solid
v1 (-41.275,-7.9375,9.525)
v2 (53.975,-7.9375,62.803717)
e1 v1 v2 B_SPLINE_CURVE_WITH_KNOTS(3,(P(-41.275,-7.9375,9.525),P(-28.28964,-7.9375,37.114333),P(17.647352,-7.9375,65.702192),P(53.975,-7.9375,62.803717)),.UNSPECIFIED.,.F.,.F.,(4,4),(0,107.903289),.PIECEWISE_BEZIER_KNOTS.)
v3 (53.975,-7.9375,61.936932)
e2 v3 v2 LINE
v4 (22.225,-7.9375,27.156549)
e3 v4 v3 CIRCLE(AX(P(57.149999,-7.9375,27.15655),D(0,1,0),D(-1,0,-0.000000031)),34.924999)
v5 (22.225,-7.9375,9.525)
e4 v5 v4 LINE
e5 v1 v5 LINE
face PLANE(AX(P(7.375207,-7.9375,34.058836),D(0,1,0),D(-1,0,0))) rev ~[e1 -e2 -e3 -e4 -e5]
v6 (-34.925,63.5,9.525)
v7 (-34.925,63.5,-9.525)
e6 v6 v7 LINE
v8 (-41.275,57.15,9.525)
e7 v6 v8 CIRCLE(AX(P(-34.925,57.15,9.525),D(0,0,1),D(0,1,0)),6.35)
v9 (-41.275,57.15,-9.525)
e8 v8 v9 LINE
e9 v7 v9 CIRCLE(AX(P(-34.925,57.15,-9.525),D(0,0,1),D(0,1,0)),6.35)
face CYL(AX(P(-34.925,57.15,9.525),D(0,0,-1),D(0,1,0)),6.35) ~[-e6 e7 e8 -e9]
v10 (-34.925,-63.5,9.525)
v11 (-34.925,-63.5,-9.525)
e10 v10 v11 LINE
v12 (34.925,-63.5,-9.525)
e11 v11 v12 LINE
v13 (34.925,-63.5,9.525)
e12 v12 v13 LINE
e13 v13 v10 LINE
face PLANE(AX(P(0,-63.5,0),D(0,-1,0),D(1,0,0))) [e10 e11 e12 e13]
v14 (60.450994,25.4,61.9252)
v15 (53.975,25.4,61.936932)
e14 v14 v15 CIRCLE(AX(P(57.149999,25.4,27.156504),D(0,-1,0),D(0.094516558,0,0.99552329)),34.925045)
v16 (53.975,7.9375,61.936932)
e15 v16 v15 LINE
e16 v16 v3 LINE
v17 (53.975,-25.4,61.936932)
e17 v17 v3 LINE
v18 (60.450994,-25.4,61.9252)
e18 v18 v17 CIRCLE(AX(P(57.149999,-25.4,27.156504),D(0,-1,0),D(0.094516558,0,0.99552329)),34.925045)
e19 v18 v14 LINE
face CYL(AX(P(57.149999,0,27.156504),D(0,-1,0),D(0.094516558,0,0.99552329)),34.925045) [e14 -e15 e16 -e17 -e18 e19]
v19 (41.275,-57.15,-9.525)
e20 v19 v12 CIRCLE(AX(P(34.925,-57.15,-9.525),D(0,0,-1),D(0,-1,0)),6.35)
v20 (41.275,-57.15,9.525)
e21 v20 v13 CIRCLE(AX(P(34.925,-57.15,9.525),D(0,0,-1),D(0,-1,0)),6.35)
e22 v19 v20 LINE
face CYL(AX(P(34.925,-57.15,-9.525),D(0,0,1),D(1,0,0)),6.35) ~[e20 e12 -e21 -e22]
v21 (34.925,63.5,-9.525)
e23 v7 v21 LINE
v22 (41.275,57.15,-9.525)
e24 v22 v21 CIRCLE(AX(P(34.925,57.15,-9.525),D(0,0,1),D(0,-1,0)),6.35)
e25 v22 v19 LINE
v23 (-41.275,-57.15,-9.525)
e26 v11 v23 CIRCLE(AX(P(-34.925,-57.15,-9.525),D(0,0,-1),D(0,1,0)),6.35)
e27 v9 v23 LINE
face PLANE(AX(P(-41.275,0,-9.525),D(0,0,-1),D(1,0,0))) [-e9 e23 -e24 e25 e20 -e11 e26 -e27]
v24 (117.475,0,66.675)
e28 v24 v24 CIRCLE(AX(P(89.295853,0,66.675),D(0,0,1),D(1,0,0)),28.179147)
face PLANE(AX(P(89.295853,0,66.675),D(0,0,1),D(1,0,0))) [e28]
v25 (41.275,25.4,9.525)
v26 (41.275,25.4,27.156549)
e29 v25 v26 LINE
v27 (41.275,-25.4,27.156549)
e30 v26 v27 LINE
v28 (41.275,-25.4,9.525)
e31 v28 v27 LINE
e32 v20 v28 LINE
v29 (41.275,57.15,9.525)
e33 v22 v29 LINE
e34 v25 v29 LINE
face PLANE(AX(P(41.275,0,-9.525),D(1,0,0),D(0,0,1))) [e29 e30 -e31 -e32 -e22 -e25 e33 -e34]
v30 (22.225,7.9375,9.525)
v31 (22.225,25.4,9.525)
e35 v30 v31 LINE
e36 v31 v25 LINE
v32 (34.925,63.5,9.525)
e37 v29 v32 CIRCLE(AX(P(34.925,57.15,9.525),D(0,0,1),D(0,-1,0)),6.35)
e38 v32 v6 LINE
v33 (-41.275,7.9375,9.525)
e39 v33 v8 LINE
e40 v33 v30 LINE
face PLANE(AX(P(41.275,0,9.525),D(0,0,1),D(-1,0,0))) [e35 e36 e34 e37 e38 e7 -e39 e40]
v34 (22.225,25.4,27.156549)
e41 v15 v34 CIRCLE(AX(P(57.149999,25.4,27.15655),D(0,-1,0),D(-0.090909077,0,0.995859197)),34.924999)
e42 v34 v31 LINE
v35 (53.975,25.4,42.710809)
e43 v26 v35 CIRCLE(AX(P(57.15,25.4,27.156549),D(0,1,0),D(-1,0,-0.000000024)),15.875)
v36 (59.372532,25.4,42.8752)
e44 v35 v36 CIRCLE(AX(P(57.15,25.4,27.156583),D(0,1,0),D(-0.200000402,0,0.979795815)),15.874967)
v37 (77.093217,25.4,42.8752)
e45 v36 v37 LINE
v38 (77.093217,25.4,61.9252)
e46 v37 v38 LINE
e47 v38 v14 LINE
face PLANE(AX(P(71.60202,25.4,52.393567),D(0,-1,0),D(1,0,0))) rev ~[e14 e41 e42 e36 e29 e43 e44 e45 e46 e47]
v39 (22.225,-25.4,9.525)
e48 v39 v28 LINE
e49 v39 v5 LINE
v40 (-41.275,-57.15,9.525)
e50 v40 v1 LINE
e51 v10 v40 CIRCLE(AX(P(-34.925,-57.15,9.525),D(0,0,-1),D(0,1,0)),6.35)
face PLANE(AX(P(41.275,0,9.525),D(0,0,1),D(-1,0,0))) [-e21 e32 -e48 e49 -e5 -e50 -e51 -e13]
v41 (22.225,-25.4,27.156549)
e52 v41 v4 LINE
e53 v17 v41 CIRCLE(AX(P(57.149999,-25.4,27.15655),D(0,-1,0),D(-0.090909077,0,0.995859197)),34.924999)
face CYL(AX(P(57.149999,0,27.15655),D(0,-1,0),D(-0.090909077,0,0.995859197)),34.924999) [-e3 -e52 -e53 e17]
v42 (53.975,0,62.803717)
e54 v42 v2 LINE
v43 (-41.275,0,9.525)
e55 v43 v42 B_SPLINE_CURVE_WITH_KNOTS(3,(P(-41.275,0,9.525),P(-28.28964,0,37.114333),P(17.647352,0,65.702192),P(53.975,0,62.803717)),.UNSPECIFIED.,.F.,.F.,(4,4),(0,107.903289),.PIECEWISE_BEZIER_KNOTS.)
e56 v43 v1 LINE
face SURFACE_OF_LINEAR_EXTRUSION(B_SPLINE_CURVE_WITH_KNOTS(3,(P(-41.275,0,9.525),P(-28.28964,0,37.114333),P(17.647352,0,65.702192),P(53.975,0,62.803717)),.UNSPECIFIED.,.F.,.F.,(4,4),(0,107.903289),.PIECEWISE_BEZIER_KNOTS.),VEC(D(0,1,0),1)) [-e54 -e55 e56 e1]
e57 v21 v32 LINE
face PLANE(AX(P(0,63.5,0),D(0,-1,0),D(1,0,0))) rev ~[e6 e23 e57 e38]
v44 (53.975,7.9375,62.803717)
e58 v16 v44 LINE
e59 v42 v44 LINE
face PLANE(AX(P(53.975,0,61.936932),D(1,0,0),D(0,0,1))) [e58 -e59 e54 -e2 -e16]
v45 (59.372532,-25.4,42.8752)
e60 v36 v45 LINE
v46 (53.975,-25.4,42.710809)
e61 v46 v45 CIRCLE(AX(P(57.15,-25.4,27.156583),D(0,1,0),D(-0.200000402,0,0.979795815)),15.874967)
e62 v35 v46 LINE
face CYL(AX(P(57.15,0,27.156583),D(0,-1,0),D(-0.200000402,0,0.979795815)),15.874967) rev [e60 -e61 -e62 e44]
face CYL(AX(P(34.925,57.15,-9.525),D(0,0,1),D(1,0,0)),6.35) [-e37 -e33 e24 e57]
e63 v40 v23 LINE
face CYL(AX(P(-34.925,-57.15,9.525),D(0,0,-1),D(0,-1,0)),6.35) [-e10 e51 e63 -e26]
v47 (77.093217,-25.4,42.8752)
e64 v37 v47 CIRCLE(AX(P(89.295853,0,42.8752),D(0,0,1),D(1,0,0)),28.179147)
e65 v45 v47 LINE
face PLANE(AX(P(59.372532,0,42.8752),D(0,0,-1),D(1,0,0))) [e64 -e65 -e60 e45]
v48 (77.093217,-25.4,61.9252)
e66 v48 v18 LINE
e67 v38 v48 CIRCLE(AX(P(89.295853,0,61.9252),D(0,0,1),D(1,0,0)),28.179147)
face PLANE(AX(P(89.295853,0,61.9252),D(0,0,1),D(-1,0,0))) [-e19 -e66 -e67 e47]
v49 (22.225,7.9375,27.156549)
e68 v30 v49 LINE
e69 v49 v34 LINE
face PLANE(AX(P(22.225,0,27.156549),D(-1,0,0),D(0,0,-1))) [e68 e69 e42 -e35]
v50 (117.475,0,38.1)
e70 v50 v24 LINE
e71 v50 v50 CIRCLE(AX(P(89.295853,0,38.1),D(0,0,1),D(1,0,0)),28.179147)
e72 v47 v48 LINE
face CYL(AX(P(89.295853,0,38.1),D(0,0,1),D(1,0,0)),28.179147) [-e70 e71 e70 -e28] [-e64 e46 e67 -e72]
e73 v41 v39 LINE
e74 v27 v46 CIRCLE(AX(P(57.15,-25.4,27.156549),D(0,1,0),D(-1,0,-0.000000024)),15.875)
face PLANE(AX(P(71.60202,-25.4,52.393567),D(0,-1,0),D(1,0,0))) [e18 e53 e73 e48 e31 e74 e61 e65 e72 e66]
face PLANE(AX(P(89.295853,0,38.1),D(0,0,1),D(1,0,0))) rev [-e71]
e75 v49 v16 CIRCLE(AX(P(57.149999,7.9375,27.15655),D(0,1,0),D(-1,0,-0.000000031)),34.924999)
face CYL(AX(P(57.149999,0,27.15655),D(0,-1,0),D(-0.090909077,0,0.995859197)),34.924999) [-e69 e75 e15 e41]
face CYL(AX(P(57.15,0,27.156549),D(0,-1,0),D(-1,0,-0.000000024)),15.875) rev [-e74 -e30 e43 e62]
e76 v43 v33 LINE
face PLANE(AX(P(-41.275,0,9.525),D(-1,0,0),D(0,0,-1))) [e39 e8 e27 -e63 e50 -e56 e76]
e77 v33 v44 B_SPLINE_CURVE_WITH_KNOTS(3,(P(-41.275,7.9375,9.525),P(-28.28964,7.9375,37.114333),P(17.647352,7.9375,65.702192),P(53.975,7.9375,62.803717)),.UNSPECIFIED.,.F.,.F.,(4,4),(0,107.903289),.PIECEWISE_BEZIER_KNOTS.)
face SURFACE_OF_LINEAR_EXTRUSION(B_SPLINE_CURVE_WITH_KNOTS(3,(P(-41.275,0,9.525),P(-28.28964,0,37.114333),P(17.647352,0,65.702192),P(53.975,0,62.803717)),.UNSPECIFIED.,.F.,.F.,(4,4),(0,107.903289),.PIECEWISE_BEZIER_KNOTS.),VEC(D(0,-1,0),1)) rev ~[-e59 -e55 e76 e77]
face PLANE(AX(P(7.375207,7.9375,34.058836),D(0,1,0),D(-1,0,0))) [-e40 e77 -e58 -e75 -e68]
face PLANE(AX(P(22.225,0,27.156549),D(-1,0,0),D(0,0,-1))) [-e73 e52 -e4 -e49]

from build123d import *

# Parameters (mm, degrees)
F1_DEPTH = 63.5
F2_DEPTH = 25.4
F3_DEPTH = 7.9375
F4_DEPTH = 25.4
F6_R     = 6.35


with BuildPart() as f1:
    # F0 (on Front) → F1 (new body, symmetric)
    with BuildSketch(Plane.XZ):
        Polygon((-41.275, 9.525), (-41.275, -9.525), (41.275, -9.525), (41.275, 9.525), (22.225, 9.525), align=None)
    extrude(amount=F1_DEPTH, both=True)

    # F0 (on Front) → F2 (join, symmetric)
    with BuildSketch(Plane.XZ):
        with BuildLine():
            Line((22.225, 9.525), (41.275, 9.525))
            Line((41.275, 9.525), (41.275, 27.156549))
            ThreePointArc((41.275, 27.156549), (44.853278, 37.196781), (53.975, 42.710809))
            Line((53.975, 42.710809), (53.975, 61.936932))
            ThreePointArc((53.975, 61.936932), (31.356178, 50.70298), (22.225, 27.156549))
            Line((22.225, 27.156549), (22.225, 9.525))
        make_face()
    extrude(amount=F2_DEPTH, both=True)

    # F0 (on Front) → F3 (join, symmetric)
    with BuildSketch(Plane.XZ):
        with BuildLine():
            add(Edge.make_bspline(
                [(-41.275, 9.525), (-28.28964, 37.114333), (17.647352, 65.702192), (53.975, 62.803717)],
                knots=[0, 0, 0, 0, 107.903289, 107.903289, 107.903289, 107.903289], degree=3))
            Line((-41.275, 9.525), (22.225, 9.525))
            Line((22.225, 9.525), (22.225, 27.156549))
            ThreePointArc((22.225, 27.156549), (31.356178, 50.70298), (53.975, 61.936932))
            Line((53.975, 61.936932), (53.975, 62.803717))
        make_face()
    extrude(amount=F3_DEPTH, both=True)

    # F0 (on Front) → F4 (join, symmetric)
    with BuildSketch(Plane.XZ):
        with BuildLine():
            ThreePointArc((60.450994, 61.9252), (57.21327, 62.081492), (53.975, 61.936932))
            Line((53.975, 61.936932), (53.975, 42.710809))
            ThreePointArc((53.975, 42.710809), (56.666725, 43.024192), (59.372532, 42.8752))
            Line((59.372532, 42.8752), (89.295853, 42.8752))
            Line((89.295853, 42.8752), (89.295853, 61.9252))
            Line((89.295853, 61.9252), (60.450994, 61.9252))
        make_face()
    extrude(amount=F4_DEPTH, both=True)

    # F0 (on Front) → F5 (revolve)
    with BuildSketch(Plane.XZ):
        Polygon((117.475, 66.675), (89.295853, 66.675), (89.295853, 61.9252), (89.295853, 42.8752), (89.295853, 38.1), (117.475, 38.1), align=None)
    revolve(axis=Axis((89.295853, 0, 52.3875), (0, 0, 1)))

    # F6
    f6_edges = [f1.edges().sort_by_distance(p)[0] for p in [
        (41.275, -63.5, 0),
        (-41.275, -63.5, 0),
        (-41.275, 63.5, 0),
        (41.275, 63.5, 0),
    ]]
    fillet(f6_edges, radius=F6_R)


solid = f1.part
